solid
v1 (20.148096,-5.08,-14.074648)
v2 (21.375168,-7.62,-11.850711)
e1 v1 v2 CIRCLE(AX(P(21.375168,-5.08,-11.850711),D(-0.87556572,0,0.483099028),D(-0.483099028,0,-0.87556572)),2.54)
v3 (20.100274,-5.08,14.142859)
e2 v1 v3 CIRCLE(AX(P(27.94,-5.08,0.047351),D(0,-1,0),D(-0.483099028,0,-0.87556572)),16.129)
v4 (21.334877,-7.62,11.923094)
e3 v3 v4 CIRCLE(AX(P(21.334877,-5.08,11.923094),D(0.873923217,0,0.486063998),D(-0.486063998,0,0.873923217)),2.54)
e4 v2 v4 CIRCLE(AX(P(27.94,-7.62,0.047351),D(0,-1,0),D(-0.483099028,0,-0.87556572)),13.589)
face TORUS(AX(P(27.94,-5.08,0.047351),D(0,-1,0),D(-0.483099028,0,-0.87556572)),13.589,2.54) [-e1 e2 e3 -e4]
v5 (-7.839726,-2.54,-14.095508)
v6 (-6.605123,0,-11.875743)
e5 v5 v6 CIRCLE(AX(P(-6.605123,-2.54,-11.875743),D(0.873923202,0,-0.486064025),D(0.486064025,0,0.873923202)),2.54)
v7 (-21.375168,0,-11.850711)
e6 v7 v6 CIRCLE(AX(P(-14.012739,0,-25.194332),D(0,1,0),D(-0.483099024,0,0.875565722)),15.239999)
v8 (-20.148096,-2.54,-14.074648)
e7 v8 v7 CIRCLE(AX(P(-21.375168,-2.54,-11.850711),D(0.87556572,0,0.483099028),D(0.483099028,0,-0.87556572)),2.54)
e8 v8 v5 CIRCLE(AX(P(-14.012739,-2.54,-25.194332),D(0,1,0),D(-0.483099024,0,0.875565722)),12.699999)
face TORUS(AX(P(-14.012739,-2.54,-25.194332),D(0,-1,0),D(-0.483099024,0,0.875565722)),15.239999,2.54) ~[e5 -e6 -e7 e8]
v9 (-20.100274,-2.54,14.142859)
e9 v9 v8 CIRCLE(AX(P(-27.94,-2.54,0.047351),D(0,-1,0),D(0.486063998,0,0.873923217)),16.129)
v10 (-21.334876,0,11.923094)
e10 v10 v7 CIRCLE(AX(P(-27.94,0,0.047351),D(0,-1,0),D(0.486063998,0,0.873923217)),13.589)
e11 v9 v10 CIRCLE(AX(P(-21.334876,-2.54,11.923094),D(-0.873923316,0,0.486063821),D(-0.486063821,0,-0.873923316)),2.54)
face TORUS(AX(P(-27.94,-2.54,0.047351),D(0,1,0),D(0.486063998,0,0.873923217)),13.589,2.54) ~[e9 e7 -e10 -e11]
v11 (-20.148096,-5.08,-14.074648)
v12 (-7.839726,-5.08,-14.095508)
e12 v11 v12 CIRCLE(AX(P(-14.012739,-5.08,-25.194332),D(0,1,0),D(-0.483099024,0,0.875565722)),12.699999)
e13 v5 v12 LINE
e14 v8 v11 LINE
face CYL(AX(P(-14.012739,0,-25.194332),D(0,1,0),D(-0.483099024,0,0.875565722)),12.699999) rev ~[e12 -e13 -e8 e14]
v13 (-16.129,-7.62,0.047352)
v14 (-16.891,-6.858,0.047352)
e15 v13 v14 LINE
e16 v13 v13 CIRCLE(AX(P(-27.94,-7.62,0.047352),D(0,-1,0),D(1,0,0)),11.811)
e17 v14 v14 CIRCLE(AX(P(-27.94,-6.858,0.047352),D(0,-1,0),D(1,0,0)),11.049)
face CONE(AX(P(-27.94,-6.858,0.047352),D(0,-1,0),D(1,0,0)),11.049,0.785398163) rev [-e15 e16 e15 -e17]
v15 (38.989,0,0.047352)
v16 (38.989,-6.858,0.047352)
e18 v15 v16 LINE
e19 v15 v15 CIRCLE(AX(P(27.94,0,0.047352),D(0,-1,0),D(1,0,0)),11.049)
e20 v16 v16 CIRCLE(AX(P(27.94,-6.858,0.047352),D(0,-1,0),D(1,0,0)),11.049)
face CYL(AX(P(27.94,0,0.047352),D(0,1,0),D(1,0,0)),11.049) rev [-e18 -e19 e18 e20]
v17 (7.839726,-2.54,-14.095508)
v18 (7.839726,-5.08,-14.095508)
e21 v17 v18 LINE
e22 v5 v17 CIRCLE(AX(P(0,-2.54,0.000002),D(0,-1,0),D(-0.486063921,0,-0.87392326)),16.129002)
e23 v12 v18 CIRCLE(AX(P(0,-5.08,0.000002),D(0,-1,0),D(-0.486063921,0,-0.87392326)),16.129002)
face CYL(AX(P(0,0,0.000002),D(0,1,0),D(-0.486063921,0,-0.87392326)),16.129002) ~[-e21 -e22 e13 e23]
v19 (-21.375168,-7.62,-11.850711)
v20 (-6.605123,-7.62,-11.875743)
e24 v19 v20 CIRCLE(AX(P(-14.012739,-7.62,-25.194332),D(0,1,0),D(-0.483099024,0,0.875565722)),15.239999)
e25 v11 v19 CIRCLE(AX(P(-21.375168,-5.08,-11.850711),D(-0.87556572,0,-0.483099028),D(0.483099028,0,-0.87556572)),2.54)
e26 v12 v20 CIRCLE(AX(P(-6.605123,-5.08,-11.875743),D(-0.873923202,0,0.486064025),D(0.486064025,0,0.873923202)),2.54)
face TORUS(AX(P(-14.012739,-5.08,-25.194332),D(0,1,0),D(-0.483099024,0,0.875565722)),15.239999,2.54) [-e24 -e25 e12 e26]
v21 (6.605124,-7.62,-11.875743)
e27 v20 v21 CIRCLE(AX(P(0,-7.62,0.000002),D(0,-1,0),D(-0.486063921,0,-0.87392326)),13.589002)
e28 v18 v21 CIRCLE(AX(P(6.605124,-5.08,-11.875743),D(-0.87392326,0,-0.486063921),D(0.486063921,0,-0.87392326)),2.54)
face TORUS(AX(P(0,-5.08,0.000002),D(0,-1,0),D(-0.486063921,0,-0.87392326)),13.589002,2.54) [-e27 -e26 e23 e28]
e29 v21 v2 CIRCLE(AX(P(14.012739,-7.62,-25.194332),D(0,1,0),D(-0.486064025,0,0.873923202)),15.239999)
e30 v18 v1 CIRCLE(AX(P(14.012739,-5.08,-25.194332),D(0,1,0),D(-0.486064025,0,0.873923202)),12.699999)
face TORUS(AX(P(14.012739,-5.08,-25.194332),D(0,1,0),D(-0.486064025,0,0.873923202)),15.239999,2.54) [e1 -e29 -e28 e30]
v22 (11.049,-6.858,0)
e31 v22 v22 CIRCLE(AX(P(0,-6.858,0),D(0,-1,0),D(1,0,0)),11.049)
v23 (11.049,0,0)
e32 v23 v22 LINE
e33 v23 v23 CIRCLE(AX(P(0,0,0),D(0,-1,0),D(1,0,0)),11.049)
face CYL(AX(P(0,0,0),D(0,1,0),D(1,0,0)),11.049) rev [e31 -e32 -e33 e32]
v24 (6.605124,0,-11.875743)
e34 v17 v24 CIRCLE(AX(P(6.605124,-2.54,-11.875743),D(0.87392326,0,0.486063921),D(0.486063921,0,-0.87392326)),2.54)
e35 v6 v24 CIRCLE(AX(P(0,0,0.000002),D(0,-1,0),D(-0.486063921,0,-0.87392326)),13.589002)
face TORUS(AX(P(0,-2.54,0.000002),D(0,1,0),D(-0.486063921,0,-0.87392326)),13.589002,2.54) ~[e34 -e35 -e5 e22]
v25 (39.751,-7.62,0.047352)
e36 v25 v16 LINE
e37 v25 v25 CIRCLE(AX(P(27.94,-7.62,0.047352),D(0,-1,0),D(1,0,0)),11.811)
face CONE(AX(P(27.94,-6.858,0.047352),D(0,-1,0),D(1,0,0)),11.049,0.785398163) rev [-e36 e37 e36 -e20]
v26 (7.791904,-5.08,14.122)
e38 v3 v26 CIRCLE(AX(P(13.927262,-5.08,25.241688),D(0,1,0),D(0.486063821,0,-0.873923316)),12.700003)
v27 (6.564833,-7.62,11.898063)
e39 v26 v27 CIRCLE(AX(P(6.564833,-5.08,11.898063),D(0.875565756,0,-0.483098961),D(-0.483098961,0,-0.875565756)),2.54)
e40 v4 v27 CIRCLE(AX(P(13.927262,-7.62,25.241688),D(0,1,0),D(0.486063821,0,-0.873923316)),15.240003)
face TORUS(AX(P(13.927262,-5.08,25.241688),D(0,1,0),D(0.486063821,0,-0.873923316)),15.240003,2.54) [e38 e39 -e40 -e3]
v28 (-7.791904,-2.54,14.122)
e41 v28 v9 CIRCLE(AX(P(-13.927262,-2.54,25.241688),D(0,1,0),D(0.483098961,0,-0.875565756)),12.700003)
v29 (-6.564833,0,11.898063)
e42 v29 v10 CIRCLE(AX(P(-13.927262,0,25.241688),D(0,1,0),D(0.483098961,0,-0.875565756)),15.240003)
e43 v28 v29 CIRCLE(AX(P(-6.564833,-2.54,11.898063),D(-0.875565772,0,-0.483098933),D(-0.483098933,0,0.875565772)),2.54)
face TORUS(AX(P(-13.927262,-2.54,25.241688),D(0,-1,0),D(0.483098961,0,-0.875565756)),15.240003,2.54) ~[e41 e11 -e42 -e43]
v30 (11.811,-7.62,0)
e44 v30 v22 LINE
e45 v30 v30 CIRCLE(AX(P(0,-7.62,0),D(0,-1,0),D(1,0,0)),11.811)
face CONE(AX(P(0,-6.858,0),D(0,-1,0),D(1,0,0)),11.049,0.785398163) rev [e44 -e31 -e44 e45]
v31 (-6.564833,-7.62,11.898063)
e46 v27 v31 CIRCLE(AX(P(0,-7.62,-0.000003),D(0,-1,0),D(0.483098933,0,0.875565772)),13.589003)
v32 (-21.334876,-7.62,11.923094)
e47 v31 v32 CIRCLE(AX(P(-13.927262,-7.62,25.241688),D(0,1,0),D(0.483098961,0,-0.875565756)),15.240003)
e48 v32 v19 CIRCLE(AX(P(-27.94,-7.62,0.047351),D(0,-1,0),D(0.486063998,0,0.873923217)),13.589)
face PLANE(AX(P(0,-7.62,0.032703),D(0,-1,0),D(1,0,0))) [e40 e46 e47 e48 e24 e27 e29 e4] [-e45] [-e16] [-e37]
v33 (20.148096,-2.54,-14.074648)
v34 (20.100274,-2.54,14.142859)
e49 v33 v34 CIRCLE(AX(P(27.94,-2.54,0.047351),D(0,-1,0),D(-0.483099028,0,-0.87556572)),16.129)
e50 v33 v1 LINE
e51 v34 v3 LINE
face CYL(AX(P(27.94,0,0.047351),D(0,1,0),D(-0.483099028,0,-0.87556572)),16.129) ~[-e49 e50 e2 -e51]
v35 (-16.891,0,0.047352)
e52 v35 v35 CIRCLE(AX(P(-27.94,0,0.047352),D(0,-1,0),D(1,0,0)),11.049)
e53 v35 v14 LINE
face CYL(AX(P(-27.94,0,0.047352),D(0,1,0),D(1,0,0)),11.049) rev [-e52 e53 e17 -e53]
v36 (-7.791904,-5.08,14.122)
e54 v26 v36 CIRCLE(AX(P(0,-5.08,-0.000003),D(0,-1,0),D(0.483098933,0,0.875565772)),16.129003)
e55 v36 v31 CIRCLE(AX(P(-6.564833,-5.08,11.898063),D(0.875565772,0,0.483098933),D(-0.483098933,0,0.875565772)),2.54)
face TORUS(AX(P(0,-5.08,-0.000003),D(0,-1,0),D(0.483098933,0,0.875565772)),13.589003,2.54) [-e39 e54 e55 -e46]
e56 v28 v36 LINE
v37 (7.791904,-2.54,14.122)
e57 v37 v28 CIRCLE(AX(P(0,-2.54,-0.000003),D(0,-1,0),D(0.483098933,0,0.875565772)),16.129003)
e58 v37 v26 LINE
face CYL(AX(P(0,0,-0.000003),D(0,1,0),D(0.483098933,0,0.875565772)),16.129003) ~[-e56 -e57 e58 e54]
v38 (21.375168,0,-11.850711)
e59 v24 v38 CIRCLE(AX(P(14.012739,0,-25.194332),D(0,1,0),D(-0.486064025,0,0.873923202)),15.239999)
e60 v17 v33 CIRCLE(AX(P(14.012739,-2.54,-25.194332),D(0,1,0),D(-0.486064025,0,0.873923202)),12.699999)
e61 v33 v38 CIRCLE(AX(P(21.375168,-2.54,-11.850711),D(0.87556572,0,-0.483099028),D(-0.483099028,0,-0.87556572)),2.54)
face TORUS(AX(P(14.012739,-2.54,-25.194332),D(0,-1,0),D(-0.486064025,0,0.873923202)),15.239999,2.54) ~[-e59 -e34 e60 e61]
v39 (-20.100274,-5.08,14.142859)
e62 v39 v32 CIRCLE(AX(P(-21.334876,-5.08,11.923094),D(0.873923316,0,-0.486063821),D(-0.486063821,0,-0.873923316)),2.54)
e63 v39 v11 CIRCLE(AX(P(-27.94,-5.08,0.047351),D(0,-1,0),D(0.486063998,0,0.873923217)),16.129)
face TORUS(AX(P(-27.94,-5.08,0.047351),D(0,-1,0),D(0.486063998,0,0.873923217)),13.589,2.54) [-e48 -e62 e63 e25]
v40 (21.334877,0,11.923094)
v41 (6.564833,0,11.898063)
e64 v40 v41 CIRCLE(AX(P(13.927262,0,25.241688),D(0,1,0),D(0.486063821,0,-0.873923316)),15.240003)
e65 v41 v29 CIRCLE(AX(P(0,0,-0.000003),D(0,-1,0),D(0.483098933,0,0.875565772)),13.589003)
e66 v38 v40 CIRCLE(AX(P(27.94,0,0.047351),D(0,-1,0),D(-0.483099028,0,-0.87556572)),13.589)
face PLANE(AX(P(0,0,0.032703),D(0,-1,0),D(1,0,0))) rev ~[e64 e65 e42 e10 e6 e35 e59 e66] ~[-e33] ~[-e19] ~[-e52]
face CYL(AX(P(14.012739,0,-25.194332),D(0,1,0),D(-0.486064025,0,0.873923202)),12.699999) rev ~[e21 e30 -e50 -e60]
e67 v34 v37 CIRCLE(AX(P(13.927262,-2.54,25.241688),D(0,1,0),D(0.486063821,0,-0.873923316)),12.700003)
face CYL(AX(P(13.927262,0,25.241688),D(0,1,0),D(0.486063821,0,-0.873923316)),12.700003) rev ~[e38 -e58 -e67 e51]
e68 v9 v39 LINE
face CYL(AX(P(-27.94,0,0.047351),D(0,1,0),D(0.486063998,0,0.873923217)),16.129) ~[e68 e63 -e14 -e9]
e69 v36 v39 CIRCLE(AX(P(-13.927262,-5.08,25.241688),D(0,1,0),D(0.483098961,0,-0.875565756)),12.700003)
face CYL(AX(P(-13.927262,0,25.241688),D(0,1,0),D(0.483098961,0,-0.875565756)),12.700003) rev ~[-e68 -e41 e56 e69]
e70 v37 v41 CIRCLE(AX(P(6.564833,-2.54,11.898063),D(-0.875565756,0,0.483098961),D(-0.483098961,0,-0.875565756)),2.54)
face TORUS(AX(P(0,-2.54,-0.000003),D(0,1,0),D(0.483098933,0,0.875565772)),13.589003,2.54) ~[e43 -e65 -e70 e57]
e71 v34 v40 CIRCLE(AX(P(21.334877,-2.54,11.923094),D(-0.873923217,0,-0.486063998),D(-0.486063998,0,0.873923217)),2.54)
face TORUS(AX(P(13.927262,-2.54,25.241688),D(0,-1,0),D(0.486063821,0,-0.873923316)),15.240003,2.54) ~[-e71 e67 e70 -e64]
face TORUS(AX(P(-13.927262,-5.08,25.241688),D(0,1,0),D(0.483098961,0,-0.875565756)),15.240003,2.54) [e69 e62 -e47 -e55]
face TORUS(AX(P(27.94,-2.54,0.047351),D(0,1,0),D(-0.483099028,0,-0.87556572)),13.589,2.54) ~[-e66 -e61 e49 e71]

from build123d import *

# Parameters (mm, degrees)
F0_R     = 11.049
F1_DEPTH = 7.62
F2_R     = 2.54
F3_SIZE  = 0.762


with BuildPart() as f1:
    # F0 (on Front) → F1 (new body)
    with BuildSketch(Plane.XZ):
        with BuildLine():
            ThreePointArc((-20.148096, -14.074648), (-13.991215, -12.494351), (-7.839726, -14.095508))
            ThreePointArc((-7.839726, -14.095508), (0, -16.129), (7.839726, -14.095508))
            ThreePointArc((7.839726, -14.095508), (13.991215, -12.494351), (20.148096, -14.074648))
            ThreePointArc((20.148096, -14.074648), (44.068977, 0.074687), (20.100274, 14.142859))
            ThreePointArc((20.100274, 14.142859), (13.948785, 12.541703), (7.791904, 14.122))
            ThreePointArc((7.791904, 14.122), (0, 16.129), (-7.791904, 14.122))
            ThreePointArc((-7.791904, 14.122), (-13.948785, 12.541703), (-20.100274, 14.142859))
            ThreePointArc((-20.100274, 14.142859), (-44.068977, 0.074687), (-20.148096, -14.074648))
        make_face()
        Circle(F0_R, mode=Mode.SUBTRACT)
        with Locations((-27.94, 0.047352)):
            Circle(F0_R, mode=Mode.SUBTRACT)
        with Locations((27.94, 0.047352)):
            Circle(F0_R, mode=Mode.SUBTRACT)
    extrude(amount=F1_DEPTH)

    # F2
    f2_edges = [f1.edges().sort_by_distance(p)[0] for p in [
        (44.068977, -7.62, 0.074687),
        (44.068977, 0, 0.074687),
    ]]
    fillet(f2_edges, radius=F2_R)

    # F3
    f3_edges = [f1.edges().sort_by_distance(p)[0] for p in [
        (-38.989, -7.62, 0.047352),
        (-11.049, -7.62, 0),
        (16.891, -7.62, 0.047352),
    ]]
    chamfer(f3_edges, length=F3_SIZE)


solid = f1.part
